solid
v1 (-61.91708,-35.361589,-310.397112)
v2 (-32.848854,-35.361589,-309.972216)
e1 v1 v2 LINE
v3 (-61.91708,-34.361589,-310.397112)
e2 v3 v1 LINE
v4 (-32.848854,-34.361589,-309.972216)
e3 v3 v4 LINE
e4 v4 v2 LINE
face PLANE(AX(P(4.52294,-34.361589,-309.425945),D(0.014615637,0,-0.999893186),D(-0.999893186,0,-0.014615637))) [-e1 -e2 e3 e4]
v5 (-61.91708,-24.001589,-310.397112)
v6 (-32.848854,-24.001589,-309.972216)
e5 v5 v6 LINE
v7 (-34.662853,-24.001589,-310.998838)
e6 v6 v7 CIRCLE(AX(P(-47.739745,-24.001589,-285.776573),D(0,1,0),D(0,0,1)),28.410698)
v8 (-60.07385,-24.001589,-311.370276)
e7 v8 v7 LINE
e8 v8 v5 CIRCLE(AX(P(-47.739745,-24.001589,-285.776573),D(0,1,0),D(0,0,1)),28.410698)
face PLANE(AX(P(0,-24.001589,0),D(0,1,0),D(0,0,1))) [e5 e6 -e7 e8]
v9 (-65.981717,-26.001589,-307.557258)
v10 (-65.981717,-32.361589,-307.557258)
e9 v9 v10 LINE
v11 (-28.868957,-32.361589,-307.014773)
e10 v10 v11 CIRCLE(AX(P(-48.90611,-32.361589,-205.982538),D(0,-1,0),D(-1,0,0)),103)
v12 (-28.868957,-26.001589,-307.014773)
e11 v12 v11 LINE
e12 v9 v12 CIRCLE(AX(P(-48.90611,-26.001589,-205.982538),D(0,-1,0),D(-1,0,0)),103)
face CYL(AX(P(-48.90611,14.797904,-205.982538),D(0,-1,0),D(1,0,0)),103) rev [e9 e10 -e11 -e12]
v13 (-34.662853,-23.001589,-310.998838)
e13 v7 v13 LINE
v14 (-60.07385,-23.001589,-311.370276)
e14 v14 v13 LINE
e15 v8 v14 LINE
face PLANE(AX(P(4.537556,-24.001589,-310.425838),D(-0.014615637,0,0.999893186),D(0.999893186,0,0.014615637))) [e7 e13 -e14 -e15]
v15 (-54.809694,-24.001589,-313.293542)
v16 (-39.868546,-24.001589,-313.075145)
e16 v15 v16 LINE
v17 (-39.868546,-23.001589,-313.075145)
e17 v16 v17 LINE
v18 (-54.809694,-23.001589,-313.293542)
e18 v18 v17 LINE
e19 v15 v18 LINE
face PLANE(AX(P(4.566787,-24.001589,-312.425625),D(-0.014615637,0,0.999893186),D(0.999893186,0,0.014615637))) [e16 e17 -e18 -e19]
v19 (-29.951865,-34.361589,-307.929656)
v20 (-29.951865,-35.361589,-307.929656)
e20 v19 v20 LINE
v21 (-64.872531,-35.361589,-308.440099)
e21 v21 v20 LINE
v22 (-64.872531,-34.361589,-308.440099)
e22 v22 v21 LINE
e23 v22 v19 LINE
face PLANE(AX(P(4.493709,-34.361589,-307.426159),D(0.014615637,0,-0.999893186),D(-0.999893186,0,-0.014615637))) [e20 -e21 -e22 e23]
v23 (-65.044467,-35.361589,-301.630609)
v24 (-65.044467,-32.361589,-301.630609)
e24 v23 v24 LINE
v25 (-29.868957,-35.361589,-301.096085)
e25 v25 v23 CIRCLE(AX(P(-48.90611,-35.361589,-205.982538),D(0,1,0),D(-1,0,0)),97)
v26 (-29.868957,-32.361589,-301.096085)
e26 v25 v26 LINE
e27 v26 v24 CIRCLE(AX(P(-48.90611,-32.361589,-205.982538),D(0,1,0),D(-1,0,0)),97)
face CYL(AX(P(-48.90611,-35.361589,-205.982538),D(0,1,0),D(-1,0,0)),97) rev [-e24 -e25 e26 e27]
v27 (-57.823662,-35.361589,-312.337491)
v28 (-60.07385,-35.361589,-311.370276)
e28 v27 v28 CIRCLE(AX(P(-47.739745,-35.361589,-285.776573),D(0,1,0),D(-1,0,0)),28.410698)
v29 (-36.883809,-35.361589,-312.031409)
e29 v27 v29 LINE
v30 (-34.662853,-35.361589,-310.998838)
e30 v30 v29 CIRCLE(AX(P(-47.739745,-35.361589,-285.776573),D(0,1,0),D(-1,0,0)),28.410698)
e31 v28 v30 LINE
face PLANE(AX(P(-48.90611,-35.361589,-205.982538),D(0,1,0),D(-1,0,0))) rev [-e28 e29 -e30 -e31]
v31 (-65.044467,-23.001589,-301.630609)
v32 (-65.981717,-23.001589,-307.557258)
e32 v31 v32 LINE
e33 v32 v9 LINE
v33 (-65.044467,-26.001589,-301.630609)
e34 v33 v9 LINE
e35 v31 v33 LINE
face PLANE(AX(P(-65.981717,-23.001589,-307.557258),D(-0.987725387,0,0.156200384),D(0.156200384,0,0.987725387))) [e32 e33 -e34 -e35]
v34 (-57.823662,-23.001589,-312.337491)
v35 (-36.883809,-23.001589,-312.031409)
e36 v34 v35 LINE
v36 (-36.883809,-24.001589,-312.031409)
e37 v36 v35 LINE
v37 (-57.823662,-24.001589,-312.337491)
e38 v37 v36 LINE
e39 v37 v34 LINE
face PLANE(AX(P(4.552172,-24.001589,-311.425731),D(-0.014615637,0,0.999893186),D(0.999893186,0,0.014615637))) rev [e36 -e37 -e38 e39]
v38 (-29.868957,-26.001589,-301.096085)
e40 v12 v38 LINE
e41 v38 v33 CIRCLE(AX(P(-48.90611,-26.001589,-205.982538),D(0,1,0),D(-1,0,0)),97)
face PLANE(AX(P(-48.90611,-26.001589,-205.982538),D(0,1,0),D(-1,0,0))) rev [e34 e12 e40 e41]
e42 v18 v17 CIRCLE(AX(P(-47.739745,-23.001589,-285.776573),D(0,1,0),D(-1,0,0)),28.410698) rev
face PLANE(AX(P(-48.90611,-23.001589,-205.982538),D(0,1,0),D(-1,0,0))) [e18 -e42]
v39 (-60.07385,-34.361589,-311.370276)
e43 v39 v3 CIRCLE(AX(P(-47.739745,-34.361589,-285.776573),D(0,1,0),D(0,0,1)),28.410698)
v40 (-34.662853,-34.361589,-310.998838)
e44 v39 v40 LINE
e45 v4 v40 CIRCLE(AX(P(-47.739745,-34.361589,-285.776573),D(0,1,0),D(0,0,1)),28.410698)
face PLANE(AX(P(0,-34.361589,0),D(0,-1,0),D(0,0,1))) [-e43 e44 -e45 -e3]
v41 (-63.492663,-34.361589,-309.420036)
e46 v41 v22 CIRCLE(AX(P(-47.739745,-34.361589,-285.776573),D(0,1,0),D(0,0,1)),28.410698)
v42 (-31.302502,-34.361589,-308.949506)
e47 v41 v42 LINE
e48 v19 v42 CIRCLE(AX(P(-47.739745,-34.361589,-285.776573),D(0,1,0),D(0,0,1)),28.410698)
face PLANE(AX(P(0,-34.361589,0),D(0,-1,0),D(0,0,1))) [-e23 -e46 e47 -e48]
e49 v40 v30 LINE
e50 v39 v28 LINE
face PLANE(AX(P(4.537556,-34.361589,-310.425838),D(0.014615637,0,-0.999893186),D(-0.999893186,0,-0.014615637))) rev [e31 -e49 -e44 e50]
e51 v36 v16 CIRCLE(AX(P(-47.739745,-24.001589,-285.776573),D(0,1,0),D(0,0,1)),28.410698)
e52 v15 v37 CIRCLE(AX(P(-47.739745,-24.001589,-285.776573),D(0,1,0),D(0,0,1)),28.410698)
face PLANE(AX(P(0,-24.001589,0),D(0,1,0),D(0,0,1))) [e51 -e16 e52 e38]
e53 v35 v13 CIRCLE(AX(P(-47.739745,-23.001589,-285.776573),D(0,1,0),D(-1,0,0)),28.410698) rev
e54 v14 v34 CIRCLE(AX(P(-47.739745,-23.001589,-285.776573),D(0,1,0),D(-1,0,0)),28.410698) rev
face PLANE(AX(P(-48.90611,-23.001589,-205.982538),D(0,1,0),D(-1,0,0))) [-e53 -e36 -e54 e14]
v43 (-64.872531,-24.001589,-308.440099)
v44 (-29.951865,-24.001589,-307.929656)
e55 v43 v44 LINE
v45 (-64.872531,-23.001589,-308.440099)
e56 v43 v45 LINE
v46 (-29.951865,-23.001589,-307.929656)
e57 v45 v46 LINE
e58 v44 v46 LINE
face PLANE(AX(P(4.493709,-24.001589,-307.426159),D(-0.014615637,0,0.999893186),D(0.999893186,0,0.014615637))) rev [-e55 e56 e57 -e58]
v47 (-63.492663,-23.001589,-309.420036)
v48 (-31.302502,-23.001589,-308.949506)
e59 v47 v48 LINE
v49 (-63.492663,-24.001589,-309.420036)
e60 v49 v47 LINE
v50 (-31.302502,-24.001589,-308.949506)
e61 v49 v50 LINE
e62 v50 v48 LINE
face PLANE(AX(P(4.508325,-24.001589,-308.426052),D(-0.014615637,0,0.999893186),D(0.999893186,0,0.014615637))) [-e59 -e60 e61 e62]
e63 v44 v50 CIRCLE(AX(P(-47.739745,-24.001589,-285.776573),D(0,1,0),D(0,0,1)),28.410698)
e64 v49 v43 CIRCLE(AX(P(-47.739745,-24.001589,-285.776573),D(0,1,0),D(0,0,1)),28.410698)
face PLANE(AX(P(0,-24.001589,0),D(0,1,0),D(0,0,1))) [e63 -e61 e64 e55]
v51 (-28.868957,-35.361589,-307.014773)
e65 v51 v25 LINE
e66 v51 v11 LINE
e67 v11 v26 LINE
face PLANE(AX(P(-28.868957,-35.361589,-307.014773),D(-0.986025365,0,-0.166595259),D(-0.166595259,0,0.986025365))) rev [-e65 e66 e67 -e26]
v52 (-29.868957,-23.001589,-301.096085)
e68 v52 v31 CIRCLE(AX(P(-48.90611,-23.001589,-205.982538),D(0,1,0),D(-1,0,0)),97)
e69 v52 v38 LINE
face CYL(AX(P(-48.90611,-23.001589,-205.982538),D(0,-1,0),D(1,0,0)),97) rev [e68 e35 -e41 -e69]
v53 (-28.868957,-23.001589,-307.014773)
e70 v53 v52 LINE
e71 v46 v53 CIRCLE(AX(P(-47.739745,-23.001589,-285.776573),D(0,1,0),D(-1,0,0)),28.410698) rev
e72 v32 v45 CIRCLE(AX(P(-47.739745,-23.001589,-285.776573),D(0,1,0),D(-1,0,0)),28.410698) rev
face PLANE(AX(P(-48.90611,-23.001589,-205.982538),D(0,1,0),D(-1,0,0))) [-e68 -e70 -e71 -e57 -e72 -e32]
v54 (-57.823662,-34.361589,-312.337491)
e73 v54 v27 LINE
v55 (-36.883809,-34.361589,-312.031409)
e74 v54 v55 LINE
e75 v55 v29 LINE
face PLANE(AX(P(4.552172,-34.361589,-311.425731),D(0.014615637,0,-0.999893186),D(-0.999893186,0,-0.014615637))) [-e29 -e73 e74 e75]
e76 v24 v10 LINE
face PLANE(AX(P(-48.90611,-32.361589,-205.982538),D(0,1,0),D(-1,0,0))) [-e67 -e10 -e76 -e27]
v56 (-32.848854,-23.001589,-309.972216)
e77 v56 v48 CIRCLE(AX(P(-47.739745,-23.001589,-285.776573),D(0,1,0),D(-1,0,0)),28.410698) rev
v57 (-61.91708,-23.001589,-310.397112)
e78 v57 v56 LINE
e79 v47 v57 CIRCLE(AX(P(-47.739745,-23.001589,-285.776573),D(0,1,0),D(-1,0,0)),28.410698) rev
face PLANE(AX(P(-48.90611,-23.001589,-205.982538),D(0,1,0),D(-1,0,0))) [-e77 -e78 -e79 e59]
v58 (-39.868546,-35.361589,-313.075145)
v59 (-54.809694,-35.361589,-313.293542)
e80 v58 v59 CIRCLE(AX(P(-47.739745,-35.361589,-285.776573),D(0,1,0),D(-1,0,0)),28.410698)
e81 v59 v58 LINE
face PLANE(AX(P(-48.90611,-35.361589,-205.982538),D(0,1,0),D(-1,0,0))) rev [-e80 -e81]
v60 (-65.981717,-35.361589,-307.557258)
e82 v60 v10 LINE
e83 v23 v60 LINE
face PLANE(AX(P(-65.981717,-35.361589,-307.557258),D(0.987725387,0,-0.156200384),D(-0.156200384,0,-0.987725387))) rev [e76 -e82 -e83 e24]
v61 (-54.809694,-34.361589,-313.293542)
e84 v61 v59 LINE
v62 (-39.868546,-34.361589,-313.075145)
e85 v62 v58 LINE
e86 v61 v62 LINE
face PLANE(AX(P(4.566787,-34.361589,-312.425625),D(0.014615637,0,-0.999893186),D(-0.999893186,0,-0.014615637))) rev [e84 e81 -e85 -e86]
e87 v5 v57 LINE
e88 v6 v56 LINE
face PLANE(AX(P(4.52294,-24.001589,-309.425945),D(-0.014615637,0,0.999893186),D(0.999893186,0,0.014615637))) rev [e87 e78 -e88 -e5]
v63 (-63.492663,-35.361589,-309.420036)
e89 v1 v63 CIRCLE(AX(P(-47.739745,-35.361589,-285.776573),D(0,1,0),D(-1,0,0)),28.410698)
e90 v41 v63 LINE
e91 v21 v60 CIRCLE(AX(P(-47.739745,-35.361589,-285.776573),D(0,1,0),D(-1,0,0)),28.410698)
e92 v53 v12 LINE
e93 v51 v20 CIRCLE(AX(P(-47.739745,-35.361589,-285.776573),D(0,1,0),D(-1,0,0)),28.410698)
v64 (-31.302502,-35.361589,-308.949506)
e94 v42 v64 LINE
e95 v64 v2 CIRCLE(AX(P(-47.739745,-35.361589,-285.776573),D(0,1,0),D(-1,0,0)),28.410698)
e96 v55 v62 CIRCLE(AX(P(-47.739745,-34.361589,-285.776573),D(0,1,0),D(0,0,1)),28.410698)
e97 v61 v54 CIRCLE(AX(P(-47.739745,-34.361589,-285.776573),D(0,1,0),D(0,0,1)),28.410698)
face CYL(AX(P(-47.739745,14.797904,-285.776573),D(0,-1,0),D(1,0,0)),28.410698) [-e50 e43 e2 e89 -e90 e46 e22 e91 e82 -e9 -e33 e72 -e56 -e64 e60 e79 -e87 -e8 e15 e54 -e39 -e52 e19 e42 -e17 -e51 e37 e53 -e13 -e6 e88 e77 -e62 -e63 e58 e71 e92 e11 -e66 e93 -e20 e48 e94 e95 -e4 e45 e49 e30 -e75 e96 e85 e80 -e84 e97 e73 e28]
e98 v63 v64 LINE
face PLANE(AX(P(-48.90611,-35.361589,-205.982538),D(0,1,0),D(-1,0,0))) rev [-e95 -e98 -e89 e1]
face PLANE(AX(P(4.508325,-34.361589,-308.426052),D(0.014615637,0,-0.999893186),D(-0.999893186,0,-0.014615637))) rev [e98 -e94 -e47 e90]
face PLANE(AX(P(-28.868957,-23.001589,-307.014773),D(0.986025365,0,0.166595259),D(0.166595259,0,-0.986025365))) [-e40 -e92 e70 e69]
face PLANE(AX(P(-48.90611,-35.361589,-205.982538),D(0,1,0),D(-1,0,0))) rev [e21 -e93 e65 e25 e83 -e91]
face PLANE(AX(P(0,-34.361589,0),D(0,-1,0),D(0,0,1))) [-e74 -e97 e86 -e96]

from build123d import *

# Parameters (mm, degrees)
BOSS_EXTRUDE1_DEPTH = 3
BOSS_EXTRUDE2_START = -6.36
BOSS_EXTRUDE2_DEPTH = 3
BOSS_EXTRUDE3_START = -3
BOSS_EXTRUDE3_DEPTH = 12.36
CUT_EXTRUDE1_DEPTH  = 1


with BuildPart() as part:
    # Sketch1 → Boss-Extrude1 (new body)
    with BuildSketch(Plane.XZ.offset(32.361588827)):
        with BuildLine():
            Line((-28.868957331, -307.014773368), (-29.868957331, -301.096085324))
            ThreePointArc((-29.868957331, -301.096085324), (-47.432277428, -302.971340874), (-65.04446736, -301.630608989))
            Line((-65.04446736, -301.630608989), (-65.981716568, -307.557257918))
            ThreePointArc((-65.981716568, -307.557257918), (-47.400699357, -308.971536481), (-28.868957331, -307.014773368))
        make_face()
    extrude(amount=BOSS_EXTRUDE1_DEPTH)



with BuildPart() as body_2:
    # Sketch1<2> → Boss-Extrude2 (new body)
    with BuildSketch(Plane.XZ.offset(32.361588827).offset(BOSS_EXTRUDE2_START)):
        with BuildLine():
            Line((-28.868957331, -307.014773368), (-29.868957331, -301.096085324))
            ThreePointArc((-29.868957331, -301.096085324), (-47.432277428, -302.971340874), (-65.04446736, -301.630608989))
            Line((-65.04446736, -301.630608989), (-65.981716568, -307.557257918))
            ThreePointArc((-65.981716568, -307.557257918), (-47.400699357, -308.971536481), (-28.868957331, -307.014773368))
        make_face()
    extrude(amount=-BOSS_EXTRUDE2_DEPTH)


with BuildPart() as part_1:
    add(part.part)

    add(body_2.part)  # Boss-Extrude3 merges body 2
    # Sketch2 → Boss-Extrude3 (add)
    with BuildSketch(Plane(origin=(0, -26.001588827, 0), x_dir=(-1, 0, 0), z_dir=(0, -1, 0)).offset(BOSS_EXTRUDE3_START)):
        with BuildLine():
            ThreePointArc((65.981716568, 307.557257918), (47.400699357, 308.971536481), (28.868957331, 307.014773368))
            ThreePointArc((28.868957331, 307.014773368), (47.324504287, 314.184236637), (65.981716568, 307.557257918))
        make_face()
    extrude(amount=BOSS_EXTRUDE3_DEPTH)

    # Sketch4 → Cut-Extrude1 (cut)
    with BuildSketch(Plane(origin=(0, -23.001588827, 0), x_dir=(1, 0, 0), z_dir=(0, 1, 0))):
        with BuildLine():
            ThreePointArc((-63.492663367, 309.420035692), (-64.18989584, 308.940344318), (-64.87253134, 308.44009867))
            Line((-64.87253134, 308.44009867), (-29.951864875, 307.929656373))
            ThreePointArc((-29.951864875, 307.929656373), (-30.619587474, 308.449640474), (-31.302501574, 308.949505723))
            Line((-31.302501574, 308.949505723), (-63.492663367, 309.420035692))
        make_face()
        with BuildLine():
            ThreePointArc((-60.073849839, 311.370275869), (-61.00439253, 310.900603204), (-61.917080112, 310.397111905))
            Line((-61.917080112, 310.397111905), (-32.848853555, 309.972215882))
            ThreePointArc((-32.848853555, 309.972215882), (-33.746435087, 310.502168243), (-34.662852555, 310.99883829))
            Line((-34.662852555, 310.99883829), (-60.073849839, 311.370275869))
        make_face()
        with BuildLine():
            ThreePointArc((-54.80969362, 313.293542306), (-56.329988828, 312.857479245), (-57.823662491, 312.33749126))
            Line((-57.823662491, 312.33749126), (-36.88380863, 312.03140927))
            ThreePointArc((-36.88380863, 312.03140927), (-38.361645858, 312.594832417), (-39.868546228, 313.075144596))
            Line((-39.868546228, 313.075144596), (-54.80969362, 313.293542306))
        make_face()
    cut_extrude1 = extrude(amount=-CUT_EXTRUDE1_DEPTH, mode=Mode.SUBTRACT)

    # Mirror1: Cut-Extrude1 across plane
    add(cut_extrude1.mirror(Plane(origin=(0, -29.181588827, 0), x_dir=(0, 0, 1), z_dir=(0, -1, 0))), mode=Mode.SUBTRACT)


solid = part_1.part
